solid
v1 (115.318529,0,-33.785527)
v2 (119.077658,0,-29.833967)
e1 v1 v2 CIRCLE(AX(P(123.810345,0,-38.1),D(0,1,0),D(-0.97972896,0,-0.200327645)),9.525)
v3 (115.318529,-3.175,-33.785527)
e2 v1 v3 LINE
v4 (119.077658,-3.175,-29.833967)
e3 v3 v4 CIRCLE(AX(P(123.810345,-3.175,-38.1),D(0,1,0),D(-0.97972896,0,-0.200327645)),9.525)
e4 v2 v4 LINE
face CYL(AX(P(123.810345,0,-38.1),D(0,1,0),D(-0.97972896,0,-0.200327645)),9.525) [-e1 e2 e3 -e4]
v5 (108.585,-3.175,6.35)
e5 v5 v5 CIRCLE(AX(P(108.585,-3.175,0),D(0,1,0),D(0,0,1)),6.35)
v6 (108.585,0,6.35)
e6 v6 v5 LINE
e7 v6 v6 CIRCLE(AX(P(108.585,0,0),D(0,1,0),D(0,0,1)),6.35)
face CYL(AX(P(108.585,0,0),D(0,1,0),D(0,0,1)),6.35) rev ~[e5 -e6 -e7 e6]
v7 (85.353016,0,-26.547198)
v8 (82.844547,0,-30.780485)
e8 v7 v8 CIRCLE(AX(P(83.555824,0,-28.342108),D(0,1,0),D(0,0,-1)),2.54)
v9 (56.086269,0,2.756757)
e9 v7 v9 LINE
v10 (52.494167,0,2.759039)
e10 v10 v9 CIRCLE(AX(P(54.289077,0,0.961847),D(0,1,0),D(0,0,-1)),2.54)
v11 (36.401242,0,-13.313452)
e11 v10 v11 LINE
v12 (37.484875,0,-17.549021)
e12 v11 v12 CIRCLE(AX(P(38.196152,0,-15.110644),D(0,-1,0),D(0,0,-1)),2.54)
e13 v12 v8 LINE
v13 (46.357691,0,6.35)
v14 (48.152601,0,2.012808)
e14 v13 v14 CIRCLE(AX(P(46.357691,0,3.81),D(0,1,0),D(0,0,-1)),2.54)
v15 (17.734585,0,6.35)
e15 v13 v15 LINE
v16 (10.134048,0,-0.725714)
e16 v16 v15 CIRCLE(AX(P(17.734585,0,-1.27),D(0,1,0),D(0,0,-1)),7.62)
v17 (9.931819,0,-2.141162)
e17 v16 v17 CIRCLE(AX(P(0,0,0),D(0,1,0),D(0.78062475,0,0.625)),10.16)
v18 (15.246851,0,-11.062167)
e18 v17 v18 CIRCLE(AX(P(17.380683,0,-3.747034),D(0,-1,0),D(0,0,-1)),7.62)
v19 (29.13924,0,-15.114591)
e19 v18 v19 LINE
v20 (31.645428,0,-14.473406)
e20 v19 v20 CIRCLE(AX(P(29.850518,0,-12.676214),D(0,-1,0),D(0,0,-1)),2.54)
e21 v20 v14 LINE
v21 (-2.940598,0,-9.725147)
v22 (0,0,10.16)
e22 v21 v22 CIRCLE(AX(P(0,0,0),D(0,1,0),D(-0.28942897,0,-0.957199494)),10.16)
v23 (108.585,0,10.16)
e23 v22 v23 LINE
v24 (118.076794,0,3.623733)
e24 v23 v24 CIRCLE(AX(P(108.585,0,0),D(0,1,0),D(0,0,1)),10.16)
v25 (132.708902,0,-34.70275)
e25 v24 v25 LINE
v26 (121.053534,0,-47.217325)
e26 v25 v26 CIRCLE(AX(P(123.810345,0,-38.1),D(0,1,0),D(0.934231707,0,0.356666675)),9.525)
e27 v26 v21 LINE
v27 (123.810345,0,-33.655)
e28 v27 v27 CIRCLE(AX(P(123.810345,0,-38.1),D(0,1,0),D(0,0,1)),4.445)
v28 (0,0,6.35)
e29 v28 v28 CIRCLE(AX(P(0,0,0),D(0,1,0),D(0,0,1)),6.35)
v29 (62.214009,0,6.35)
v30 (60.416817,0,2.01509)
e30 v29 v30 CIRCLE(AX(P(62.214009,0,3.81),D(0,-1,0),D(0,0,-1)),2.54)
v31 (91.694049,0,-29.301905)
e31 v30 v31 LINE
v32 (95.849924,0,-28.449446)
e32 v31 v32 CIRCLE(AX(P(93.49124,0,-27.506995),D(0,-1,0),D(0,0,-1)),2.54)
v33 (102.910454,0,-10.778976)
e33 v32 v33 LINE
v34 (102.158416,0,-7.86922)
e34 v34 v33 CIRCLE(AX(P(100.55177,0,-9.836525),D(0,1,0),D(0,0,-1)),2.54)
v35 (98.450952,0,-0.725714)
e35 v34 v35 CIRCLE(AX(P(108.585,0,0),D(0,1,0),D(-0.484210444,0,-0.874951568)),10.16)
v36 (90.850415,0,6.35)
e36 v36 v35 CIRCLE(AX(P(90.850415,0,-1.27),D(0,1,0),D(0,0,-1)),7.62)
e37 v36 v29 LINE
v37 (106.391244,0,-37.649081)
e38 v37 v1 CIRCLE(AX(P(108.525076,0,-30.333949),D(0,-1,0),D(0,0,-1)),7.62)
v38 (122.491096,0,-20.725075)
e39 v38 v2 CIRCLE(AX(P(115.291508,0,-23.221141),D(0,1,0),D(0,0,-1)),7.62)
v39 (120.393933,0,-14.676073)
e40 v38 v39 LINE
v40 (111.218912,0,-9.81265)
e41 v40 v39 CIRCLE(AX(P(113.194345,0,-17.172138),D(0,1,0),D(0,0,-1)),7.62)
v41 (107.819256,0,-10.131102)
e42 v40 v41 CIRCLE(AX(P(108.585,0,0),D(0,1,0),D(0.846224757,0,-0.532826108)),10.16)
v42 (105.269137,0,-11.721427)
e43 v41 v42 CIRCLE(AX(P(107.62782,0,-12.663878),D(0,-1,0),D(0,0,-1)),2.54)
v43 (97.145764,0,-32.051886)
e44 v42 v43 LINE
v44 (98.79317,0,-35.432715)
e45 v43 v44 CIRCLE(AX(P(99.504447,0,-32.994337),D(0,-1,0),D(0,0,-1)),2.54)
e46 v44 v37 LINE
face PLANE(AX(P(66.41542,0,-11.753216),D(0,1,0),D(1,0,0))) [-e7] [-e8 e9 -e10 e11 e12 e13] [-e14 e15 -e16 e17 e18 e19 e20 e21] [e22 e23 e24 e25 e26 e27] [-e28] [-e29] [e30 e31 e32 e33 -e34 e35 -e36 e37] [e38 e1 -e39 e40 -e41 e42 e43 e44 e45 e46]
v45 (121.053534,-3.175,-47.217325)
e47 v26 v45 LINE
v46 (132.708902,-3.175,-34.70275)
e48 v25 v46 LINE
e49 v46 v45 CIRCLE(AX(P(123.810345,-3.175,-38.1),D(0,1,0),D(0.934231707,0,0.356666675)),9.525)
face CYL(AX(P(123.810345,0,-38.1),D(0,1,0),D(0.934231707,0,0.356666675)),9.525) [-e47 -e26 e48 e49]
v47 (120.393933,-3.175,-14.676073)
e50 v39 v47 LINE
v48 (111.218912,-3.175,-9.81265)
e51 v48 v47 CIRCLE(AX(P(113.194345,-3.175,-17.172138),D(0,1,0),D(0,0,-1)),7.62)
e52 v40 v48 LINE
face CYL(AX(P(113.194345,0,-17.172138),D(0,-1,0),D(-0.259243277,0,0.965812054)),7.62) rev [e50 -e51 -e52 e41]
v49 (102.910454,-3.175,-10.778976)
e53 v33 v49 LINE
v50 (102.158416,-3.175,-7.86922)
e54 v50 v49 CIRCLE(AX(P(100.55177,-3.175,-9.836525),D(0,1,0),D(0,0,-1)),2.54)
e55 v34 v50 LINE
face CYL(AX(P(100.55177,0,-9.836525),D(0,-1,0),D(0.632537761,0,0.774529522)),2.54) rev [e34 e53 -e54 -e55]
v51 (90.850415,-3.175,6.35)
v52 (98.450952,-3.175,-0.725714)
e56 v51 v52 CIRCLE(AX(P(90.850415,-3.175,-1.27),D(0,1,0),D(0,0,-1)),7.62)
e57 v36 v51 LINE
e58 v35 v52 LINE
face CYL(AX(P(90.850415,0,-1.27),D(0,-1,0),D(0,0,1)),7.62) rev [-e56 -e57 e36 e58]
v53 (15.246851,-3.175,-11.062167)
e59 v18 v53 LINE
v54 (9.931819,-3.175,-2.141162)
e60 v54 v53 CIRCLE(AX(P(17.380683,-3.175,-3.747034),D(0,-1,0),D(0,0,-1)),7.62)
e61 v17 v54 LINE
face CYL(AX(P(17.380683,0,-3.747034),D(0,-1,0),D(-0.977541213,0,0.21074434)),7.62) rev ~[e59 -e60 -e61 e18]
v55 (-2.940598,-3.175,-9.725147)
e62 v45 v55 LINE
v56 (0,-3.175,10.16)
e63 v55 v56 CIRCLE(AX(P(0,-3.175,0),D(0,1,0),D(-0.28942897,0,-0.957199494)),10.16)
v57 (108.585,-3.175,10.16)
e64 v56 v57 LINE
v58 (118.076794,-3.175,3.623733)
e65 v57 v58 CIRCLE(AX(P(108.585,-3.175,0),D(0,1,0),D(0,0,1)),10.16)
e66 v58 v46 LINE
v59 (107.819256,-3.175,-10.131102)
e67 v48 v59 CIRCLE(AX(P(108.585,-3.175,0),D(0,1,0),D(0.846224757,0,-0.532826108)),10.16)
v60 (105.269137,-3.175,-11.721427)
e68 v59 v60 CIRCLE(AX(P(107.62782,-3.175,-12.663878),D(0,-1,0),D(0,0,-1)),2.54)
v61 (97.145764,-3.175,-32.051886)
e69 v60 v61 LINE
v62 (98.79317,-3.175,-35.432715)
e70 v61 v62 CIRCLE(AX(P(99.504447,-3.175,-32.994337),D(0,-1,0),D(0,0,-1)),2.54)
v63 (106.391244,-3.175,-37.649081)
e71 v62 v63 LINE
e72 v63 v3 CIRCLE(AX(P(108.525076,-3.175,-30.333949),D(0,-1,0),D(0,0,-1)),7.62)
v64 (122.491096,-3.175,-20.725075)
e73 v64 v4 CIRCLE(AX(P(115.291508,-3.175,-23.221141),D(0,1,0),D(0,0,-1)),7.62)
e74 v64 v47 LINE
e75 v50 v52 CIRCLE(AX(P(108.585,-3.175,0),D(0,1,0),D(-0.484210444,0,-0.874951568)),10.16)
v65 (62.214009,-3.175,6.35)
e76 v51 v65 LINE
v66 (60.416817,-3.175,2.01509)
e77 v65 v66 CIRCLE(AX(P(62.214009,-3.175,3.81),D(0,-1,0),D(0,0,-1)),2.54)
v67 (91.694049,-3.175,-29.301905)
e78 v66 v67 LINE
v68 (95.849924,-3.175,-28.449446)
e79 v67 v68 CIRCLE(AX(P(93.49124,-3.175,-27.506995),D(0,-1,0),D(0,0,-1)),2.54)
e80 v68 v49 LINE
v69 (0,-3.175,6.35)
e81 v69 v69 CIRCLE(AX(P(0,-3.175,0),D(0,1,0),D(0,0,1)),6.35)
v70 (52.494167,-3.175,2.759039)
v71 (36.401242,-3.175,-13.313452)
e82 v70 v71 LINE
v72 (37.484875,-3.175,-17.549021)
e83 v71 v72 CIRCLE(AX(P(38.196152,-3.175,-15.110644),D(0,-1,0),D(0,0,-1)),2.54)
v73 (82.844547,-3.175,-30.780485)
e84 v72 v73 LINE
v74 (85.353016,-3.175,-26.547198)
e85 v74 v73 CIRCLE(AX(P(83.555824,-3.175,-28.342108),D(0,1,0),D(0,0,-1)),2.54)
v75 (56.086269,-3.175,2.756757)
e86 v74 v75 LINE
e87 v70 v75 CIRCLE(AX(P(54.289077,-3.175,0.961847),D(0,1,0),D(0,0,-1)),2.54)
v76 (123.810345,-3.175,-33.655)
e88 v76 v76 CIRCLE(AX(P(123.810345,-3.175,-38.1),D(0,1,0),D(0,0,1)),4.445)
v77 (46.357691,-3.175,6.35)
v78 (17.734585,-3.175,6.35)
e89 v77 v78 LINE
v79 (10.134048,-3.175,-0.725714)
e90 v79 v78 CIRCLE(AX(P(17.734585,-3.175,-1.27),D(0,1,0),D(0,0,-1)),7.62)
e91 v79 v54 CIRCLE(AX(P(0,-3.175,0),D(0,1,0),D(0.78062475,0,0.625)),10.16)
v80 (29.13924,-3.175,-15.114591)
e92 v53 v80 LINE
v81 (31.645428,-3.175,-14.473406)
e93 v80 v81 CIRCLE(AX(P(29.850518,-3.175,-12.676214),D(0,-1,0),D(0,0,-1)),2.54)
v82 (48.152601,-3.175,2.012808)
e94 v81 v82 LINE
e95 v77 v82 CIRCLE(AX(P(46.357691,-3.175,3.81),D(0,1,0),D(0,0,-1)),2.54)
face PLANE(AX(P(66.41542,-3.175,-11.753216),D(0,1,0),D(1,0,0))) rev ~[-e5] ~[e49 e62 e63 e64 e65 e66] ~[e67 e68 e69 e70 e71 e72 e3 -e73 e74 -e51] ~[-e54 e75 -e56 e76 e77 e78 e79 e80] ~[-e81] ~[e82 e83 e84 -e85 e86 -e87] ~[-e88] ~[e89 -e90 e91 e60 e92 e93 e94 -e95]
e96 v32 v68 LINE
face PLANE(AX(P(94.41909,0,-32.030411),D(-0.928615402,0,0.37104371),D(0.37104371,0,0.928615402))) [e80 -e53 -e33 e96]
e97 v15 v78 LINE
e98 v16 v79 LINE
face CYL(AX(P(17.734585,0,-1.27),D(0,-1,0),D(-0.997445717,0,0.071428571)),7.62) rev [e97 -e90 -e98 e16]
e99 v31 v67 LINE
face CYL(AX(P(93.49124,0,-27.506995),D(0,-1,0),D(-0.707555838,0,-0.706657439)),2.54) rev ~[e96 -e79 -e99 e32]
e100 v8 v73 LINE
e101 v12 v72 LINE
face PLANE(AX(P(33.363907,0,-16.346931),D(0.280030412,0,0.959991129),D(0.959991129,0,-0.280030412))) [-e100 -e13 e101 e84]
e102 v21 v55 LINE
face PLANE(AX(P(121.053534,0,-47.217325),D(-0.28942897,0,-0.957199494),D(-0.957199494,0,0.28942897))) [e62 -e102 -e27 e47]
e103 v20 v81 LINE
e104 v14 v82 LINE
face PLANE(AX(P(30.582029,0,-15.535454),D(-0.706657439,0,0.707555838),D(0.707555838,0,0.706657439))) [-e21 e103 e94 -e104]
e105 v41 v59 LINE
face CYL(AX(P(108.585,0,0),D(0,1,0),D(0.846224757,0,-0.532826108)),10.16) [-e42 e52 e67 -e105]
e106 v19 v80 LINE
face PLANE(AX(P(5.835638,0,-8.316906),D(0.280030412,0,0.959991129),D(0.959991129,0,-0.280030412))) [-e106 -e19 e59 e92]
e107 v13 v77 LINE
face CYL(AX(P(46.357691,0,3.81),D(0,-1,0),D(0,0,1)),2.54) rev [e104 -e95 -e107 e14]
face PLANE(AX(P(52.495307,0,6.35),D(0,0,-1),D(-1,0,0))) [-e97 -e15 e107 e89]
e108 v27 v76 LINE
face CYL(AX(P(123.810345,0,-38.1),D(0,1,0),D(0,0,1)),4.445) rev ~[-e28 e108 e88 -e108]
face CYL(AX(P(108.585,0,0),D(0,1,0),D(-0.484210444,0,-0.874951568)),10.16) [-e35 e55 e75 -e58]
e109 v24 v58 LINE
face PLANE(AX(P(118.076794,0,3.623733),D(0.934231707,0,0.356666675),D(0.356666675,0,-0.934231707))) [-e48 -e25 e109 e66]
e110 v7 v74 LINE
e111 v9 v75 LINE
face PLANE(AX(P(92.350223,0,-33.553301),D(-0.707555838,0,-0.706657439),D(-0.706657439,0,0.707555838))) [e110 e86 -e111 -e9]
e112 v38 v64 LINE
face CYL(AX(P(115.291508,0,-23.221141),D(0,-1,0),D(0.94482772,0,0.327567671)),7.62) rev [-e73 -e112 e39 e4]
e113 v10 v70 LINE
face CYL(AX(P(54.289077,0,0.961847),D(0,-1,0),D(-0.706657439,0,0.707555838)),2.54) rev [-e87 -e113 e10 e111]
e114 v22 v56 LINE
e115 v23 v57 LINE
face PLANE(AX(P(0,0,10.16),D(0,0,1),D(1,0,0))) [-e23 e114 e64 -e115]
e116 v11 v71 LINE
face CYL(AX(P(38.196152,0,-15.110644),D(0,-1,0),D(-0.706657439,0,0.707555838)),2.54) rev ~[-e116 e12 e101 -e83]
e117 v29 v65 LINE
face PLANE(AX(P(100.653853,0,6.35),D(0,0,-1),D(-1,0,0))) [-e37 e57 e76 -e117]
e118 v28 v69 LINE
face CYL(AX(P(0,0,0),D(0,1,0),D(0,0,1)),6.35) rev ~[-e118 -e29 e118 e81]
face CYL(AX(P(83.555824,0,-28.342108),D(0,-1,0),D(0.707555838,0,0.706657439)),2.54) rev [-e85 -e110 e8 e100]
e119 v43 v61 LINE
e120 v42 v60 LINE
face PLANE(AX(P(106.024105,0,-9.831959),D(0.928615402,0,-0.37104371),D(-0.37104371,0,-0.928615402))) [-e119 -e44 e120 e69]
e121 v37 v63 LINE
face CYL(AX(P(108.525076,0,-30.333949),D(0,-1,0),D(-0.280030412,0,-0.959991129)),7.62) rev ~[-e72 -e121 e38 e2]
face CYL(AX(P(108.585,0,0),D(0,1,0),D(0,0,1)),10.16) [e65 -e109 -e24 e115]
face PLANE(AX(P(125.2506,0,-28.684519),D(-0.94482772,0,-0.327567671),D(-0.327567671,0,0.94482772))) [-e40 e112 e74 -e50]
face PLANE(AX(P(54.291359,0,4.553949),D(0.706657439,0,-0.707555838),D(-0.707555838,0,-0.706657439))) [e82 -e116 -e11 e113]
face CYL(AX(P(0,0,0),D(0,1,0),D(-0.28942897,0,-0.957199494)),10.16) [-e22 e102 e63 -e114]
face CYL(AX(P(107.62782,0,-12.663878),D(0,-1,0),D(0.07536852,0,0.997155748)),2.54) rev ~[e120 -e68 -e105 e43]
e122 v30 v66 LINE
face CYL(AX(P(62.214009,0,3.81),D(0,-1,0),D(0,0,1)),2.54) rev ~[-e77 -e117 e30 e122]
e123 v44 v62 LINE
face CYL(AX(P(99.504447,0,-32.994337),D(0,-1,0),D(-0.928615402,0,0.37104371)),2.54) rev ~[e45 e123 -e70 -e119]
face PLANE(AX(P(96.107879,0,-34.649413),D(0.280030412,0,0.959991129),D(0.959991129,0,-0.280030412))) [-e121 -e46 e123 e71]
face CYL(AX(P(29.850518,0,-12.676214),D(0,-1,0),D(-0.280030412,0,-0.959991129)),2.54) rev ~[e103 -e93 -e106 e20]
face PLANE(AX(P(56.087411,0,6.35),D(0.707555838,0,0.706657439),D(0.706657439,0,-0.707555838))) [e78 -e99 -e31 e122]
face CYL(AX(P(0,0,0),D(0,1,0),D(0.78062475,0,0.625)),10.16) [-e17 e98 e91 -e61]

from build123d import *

# Parameters (mm, degrees)
SKETCH1_R           = 6.35
SKETCH1_R_2         = 4.445
BOSS_EXTRUDE4_DEPTH = 3.175
FILLET1_R           = 7.62
FILLET2_R           = 2.54


with BuildPart() as part:
    # Sketch1 → Boss-Extrude4 (new body)
    with BuildSketch(Plane(origin=(0, 0, 0), x_dir=(1, 0, 0), z_dir=(0, 1, 0))):
        with BuildLine():
            ThreePointArc((132.708902298, 34.70274992), (130.780561186, 44.591665065), (121.053534347, 47.21732518))
            Line((121.053534347, 47.21732518), (-2.940598336, 9.725146859))
            ThreePointArc((-2.940598336, 9.725146859), (-10.050698784, -1.486288652), (0, -10.16))
            Line((0, -10.16), (108.585, -10.16))
            ThreePointArc((108.585, -10.16), (114.347311535, -8.367877017), (118.076794146, -3.623733419))
            Line((118.076794146, -3.623733419), (132.708902298, 34.70274992))
        make_face()
        with BuildLine():
            Line((5.835638087, 8.316906163), (30.582028831, 15.535454115))
            Line((30.582028831, 15.535454115), (52.49530672, -6.35))
            Line((52.49530672, -6.35), (7.931147458, -6.35))
            ThreePointArc((7.931147458, -6.35), (10.057864095, 1.437000294), (5.835638087, 8.316906163))
        make_face(mode=Mode.SUBTRACT)
        Polygon((33.363906977, 16.346930867), (92.350223331, 33.55330078), (54.291359033, -4.553949138), align=None, mode=Mode.SUBTRACT)
        with BuildLine():
            Line((94.419089716, 32.030410831), (103.665421891, 8.889507929))
            ThreePointArc((103.665421891, 8.889507929), (98.617756781, 1.969685918), (100.653852542, -6.35))
            Line((100.653852542, -6.35), (56.087411343, -6.35))
            Line((56.087411343, -6.35), (94.419089716, 32.030410831))
        make_face(mode=Mode.SUBTRACT)
        with BuildLine():
            Line((96.107879032, 34.649412861), (114.478426945, 40.008120819))
            ThreePointArc((114.478426945, 40.008120819), (116.909216359, 31.534937584), (125.250600093, 28.684518542))
            Line((125.250600093, 28.684518542), (117.182643526, 5.413513258))
            ThreePointArc((117.182643526, 5.413513258), (112.325487778, 9.446393554), (106.024105012, 9.831958953))
            Line((106.024105012, 9.831958953), (96.107879032, 34.649412861))
        make_face(mode=Mode.SUBTRACT)
        with Locations(Location((108.585, 0, 0), (0, 0, 270))):
            Circle(SKETCH1_R, mode=Mode.SUBTRACT)
        with Locations(Location((123.810345287, 38.1, 0), (0, 0, 270))):
            Circle(SKETCH1_R_2, mode=Mode.SUBTRACT)
        with Locations(Location((0, 0, 0), (0, 0, 270))):
            Circle(SKETCH1_R, mode=Mode.SUBTRACT)
    extrude(amount=-BOSS_EXTRUDE4_DEPTH)

    # Fillet1
    fillet1_edges = [part.edges().sort_by_distance(p)[0] for p in [
        (5.835638087, -1.5875, -8.316906163),
        (7.931147458, -1.5875, 6.35),
        (100.653852542, -1.5875, 6.35),
        (125.250600093, -1.5875, -28.684518542),
        (114.478426945, -1.5875, -40.008120819),
        (117.182643526, -1.5875, -5.413513258),
    ]]
    fillet(fillet1_edges, radius=FILLET1_R)

    # Fillet2
    fillet2_edges = [part.edges().sort_by_distance(p)[0] for p in [
        (92.350223331, -1.5875, -33.55330078),
        (33.363906977, -1.5875, -16.346930867),
        (54.291359033, -1.5875, 4.553949138),
        (30.582028831, -1.5875, -15.535454115),
        (52.49530672, -1.5875, 6.35),
        (103.665421891, -1.5875, -8.889507929),
        (94.419089716, -1.5875, -32.030410831),
        (56.087411343, -1.5875, 6.35),
        (96.107879032, -1.5875, -34.649412861),
        (106.024105012, -1.5875, -9.831958953),
    ]]
    fillet(fillet2_edges, radius=FILLET2_R)


solid = part.part
